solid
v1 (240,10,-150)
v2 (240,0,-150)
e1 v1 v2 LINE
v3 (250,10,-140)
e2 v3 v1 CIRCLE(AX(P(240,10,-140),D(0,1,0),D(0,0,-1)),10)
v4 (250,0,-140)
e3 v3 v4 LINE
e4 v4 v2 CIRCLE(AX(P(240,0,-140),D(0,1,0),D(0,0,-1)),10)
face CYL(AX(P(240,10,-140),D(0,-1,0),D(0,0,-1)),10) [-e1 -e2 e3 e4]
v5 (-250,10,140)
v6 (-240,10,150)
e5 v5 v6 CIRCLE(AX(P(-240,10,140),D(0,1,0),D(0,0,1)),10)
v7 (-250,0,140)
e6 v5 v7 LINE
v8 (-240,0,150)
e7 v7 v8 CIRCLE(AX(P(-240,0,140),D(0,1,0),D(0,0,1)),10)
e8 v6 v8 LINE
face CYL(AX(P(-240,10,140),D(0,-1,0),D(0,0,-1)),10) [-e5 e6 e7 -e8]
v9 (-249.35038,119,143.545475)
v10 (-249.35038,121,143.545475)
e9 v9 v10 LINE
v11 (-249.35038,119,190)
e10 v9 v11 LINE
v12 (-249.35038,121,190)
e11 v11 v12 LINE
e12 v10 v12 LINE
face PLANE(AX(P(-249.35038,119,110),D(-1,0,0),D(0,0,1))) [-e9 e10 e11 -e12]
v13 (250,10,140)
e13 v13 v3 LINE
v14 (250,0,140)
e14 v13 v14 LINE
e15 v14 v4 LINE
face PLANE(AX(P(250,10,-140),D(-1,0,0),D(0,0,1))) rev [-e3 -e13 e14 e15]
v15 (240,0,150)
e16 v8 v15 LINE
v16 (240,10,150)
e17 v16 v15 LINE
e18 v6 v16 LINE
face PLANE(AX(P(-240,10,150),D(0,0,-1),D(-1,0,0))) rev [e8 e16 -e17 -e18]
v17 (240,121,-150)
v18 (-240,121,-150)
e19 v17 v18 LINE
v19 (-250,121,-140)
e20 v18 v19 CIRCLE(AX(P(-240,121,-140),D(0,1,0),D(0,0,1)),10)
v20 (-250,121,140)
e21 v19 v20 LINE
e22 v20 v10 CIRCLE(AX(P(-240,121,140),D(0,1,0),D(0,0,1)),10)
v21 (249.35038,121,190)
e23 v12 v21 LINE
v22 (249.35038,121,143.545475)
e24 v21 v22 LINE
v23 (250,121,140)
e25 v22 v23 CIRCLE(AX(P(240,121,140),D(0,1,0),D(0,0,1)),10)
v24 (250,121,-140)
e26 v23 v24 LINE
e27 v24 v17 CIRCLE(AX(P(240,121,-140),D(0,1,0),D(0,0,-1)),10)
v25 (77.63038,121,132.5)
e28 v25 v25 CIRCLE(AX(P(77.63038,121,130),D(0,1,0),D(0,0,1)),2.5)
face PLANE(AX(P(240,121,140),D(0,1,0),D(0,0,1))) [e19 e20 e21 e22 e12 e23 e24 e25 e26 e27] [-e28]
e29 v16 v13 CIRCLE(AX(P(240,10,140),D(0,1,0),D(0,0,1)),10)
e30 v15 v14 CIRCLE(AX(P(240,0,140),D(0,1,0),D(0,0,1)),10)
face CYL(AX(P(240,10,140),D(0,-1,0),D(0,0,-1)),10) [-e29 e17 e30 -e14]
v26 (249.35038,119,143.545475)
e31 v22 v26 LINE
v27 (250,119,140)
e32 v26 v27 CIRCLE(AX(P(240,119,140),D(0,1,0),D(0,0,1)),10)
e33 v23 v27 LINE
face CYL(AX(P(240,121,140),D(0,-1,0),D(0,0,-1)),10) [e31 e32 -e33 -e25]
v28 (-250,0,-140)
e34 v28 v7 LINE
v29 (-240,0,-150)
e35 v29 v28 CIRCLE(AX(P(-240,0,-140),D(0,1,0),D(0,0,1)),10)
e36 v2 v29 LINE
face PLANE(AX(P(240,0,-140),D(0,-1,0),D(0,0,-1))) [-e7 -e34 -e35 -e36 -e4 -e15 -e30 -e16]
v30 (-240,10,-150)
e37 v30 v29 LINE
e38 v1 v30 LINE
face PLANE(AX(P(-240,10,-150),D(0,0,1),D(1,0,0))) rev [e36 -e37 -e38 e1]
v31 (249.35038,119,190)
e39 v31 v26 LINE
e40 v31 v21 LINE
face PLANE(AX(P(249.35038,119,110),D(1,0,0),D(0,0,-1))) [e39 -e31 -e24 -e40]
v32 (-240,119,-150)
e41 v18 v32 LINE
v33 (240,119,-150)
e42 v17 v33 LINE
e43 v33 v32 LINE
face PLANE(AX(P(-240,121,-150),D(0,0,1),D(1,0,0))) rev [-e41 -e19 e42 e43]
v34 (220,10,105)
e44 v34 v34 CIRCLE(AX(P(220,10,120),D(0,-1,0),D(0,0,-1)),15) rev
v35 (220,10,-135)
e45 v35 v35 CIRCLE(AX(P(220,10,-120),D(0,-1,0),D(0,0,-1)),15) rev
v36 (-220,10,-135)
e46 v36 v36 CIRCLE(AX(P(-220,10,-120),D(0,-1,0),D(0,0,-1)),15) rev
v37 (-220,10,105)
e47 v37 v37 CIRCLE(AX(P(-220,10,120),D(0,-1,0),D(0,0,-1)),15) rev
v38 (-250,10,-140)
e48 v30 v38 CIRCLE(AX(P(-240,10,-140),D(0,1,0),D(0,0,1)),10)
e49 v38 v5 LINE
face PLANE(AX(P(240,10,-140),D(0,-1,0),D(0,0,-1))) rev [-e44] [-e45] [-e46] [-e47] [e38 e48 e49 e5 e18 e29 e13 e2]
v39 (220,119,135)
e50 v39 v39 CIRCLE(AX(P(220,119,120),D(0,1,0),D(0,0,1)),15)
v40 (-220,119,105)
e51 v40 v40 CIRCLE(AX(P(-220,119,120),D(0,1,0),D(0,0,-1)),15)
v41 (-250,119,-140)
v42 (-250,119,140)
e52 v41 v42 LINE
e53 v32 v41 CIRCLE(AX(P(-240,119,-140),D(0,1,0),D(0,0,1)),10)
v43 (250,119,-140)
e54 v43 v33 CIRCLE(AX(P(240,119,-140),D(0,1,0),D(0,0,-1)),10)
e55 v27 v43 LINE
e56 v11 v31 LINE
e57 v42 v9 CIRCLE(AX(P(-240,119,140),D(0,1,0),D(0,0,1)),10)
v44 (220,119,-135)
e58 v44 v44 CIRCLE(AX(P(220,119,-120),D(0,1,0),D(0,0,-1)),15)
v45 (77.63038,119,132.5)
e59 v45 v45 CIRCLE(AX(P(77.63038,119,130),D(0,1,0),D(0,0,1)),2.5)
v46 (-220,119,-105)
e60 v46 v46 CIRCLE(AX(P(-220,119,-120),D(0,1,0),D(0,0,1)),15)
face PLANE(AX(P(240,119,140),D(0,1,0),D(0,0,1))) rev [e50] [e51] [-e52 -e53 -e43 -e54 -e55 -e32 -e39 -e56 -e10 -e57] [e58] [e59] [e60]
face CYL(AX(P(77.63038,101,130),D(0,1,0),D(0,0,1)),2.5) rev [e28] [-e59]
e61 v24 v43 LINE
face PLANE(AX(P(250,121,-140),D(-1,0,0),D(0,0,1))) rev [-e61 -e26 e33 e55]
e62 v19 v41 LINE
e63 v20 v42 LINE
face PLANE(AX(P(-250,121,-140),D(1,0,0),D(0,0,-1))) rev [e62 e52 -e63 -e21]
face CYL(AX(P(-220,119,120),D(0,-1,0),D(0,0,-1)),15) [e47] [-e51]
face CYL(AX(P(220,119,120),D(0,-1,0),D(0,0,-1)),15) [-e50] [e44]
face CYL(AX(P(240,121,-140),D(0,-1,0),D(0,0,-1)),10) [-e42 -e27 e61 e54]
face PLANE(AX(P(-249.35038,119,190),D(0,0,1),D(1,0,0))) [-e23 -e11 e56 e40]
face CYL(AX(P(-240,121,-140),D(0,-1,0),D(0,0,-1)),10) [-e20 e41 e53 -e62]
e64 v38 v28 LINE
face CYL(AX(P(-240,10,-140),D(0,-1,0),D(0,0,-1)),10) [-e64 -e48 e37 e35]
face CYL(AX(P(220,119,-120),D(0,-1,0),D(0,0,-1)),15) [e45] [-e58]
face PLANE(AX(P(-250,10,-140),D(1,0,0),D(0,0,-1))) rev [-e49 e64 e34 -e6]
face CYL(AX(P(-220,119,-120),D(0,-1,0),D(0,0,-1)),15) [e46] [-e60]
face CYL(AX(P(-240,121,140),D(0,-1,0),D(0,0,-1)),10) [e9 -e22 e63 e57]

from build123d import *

# Parameters (mm, degrees)
BOSS_EXTRUDE1_DEPTH = 10
SKETCH2_R           = 15
BOSS_EXTRUDE2_DEPTH = 109
BOSS_EXTRUDE3_DEPTH = 2
SKETCH4_W           = 498.700760334
SKETCH4_H           = 80
BOSS_EXTRUDE4_DEPTH = 2
SKETCH5_R           = 2.5
CUT_EXTRUDE1_DEPTH  = 20


with BuildPart() as part:
    # Sketch1 → Boss-Extrude1 (new body)
    with BuildSketch(Plane(origin=(0, 0, 0), x_dir=(1, 0, 0), z_dir=(0, 1, 0))):
        with BuildLine():
            Line((-240, 150), (240, 150))
            ThreePointArc((240, 150), (247.071067812, 147.071067812), (250, 140))
            Line((250, 140), (250, -140))
            ThreePointArc((250, -140), (247.071067812, -147.071067812), (240, -150))
            Line((240, -150), (-240, -150))
            ThreePointArc((-240, -150), (-247.071067812, -147.071067812), (-250, -140))
            Line((-250, -140), (-250, 140))
            ThreePointArc((-250, 140), (-247.071067812, 147.071067812), (-240, 150))
        make_face()
    extrude(amount=BOSS_EXTRUDE1_DEPTH)

    # Sketch2 → Boss-Extrude2 (add)
    with BuildSketch(Plane(origin=(0, 10, 0), x_dir=(1, 0, 0), z_dir=(0, 1, 0))):
        with Locations(Location((-220, 120, 0), (0, 0, 90))):
            Circle(SKETCH2_R)
        with Locations(Location((220, 120, 0), (0, 0, 90))):
            Circle(SKETCH2_R)
        with Locations(Location((220, -120, 0), (0, 0, 90))):
            Circle(SKETCH2_R)
        with Locations(Location((-220, -120, 0), (0, 0, 90))):
            Circle(SKETCH2_R)
    extrude(amount=BOSS_EXTRUDE2_DEPTH)

    # Sketch3 → Boss-Extrude3 (add)
    with BuildSketch(Plane(origin=(0, 119, 0), x_dir=(1, 0, 0), z_dir=(0, 1, 0))):
        with BuildLine():
            Line((-240, 150), (240, 150))
            ThreePointArc((240, 150), (247.071067812, 147.071067812), (250, 140))
            Line((250, 140), (250, -140))
            ThreePointArc((250, -140), (247.071067812, -147.071067812), (240, -150))
            Line((240, -150), (-240, -150))
            ThreePointArc((-240, -150), (-247.071067812, -147.071067812), (-250, -140))
            Line((-250, -140), (-250, 140))
            ThreePointArc((-250, 140), (-247.071067812, 147.071067812), (-240, 150))
        make_face()
    extrude(amount=BOSS_EXTRUDE3_DEPTH)

    # Sketch4 → Boss-Extrude4 (add)
    with BuildSketch(Plane(origin=(0, 121, 0), x_dir=(1, 0, 0), z_dir=(0, 1, 0))):
        with Locations((0, -150)):
            Rectangle(SKETCH4_W, SKETCH4_H)
    extrude(amount=-BOSS_EXTRUDE4_DEPTH)

    # Sketch5 → Cut-Extrude1 (cut)
    with BuildSketch(Plane(origin=(0, 121, 0), x_dir=(1, 0, 0), z_dir=(0, 1, 0))):
        with Locations(Location((77.630380167, -130, 0), (0, 0, 270))):
            Circle(SKETCH5_R)
    extrude(amount=-CUT_EXTRUDE1_DEPTH, mode=Mode.SUBTRACT)


solid = part.part
